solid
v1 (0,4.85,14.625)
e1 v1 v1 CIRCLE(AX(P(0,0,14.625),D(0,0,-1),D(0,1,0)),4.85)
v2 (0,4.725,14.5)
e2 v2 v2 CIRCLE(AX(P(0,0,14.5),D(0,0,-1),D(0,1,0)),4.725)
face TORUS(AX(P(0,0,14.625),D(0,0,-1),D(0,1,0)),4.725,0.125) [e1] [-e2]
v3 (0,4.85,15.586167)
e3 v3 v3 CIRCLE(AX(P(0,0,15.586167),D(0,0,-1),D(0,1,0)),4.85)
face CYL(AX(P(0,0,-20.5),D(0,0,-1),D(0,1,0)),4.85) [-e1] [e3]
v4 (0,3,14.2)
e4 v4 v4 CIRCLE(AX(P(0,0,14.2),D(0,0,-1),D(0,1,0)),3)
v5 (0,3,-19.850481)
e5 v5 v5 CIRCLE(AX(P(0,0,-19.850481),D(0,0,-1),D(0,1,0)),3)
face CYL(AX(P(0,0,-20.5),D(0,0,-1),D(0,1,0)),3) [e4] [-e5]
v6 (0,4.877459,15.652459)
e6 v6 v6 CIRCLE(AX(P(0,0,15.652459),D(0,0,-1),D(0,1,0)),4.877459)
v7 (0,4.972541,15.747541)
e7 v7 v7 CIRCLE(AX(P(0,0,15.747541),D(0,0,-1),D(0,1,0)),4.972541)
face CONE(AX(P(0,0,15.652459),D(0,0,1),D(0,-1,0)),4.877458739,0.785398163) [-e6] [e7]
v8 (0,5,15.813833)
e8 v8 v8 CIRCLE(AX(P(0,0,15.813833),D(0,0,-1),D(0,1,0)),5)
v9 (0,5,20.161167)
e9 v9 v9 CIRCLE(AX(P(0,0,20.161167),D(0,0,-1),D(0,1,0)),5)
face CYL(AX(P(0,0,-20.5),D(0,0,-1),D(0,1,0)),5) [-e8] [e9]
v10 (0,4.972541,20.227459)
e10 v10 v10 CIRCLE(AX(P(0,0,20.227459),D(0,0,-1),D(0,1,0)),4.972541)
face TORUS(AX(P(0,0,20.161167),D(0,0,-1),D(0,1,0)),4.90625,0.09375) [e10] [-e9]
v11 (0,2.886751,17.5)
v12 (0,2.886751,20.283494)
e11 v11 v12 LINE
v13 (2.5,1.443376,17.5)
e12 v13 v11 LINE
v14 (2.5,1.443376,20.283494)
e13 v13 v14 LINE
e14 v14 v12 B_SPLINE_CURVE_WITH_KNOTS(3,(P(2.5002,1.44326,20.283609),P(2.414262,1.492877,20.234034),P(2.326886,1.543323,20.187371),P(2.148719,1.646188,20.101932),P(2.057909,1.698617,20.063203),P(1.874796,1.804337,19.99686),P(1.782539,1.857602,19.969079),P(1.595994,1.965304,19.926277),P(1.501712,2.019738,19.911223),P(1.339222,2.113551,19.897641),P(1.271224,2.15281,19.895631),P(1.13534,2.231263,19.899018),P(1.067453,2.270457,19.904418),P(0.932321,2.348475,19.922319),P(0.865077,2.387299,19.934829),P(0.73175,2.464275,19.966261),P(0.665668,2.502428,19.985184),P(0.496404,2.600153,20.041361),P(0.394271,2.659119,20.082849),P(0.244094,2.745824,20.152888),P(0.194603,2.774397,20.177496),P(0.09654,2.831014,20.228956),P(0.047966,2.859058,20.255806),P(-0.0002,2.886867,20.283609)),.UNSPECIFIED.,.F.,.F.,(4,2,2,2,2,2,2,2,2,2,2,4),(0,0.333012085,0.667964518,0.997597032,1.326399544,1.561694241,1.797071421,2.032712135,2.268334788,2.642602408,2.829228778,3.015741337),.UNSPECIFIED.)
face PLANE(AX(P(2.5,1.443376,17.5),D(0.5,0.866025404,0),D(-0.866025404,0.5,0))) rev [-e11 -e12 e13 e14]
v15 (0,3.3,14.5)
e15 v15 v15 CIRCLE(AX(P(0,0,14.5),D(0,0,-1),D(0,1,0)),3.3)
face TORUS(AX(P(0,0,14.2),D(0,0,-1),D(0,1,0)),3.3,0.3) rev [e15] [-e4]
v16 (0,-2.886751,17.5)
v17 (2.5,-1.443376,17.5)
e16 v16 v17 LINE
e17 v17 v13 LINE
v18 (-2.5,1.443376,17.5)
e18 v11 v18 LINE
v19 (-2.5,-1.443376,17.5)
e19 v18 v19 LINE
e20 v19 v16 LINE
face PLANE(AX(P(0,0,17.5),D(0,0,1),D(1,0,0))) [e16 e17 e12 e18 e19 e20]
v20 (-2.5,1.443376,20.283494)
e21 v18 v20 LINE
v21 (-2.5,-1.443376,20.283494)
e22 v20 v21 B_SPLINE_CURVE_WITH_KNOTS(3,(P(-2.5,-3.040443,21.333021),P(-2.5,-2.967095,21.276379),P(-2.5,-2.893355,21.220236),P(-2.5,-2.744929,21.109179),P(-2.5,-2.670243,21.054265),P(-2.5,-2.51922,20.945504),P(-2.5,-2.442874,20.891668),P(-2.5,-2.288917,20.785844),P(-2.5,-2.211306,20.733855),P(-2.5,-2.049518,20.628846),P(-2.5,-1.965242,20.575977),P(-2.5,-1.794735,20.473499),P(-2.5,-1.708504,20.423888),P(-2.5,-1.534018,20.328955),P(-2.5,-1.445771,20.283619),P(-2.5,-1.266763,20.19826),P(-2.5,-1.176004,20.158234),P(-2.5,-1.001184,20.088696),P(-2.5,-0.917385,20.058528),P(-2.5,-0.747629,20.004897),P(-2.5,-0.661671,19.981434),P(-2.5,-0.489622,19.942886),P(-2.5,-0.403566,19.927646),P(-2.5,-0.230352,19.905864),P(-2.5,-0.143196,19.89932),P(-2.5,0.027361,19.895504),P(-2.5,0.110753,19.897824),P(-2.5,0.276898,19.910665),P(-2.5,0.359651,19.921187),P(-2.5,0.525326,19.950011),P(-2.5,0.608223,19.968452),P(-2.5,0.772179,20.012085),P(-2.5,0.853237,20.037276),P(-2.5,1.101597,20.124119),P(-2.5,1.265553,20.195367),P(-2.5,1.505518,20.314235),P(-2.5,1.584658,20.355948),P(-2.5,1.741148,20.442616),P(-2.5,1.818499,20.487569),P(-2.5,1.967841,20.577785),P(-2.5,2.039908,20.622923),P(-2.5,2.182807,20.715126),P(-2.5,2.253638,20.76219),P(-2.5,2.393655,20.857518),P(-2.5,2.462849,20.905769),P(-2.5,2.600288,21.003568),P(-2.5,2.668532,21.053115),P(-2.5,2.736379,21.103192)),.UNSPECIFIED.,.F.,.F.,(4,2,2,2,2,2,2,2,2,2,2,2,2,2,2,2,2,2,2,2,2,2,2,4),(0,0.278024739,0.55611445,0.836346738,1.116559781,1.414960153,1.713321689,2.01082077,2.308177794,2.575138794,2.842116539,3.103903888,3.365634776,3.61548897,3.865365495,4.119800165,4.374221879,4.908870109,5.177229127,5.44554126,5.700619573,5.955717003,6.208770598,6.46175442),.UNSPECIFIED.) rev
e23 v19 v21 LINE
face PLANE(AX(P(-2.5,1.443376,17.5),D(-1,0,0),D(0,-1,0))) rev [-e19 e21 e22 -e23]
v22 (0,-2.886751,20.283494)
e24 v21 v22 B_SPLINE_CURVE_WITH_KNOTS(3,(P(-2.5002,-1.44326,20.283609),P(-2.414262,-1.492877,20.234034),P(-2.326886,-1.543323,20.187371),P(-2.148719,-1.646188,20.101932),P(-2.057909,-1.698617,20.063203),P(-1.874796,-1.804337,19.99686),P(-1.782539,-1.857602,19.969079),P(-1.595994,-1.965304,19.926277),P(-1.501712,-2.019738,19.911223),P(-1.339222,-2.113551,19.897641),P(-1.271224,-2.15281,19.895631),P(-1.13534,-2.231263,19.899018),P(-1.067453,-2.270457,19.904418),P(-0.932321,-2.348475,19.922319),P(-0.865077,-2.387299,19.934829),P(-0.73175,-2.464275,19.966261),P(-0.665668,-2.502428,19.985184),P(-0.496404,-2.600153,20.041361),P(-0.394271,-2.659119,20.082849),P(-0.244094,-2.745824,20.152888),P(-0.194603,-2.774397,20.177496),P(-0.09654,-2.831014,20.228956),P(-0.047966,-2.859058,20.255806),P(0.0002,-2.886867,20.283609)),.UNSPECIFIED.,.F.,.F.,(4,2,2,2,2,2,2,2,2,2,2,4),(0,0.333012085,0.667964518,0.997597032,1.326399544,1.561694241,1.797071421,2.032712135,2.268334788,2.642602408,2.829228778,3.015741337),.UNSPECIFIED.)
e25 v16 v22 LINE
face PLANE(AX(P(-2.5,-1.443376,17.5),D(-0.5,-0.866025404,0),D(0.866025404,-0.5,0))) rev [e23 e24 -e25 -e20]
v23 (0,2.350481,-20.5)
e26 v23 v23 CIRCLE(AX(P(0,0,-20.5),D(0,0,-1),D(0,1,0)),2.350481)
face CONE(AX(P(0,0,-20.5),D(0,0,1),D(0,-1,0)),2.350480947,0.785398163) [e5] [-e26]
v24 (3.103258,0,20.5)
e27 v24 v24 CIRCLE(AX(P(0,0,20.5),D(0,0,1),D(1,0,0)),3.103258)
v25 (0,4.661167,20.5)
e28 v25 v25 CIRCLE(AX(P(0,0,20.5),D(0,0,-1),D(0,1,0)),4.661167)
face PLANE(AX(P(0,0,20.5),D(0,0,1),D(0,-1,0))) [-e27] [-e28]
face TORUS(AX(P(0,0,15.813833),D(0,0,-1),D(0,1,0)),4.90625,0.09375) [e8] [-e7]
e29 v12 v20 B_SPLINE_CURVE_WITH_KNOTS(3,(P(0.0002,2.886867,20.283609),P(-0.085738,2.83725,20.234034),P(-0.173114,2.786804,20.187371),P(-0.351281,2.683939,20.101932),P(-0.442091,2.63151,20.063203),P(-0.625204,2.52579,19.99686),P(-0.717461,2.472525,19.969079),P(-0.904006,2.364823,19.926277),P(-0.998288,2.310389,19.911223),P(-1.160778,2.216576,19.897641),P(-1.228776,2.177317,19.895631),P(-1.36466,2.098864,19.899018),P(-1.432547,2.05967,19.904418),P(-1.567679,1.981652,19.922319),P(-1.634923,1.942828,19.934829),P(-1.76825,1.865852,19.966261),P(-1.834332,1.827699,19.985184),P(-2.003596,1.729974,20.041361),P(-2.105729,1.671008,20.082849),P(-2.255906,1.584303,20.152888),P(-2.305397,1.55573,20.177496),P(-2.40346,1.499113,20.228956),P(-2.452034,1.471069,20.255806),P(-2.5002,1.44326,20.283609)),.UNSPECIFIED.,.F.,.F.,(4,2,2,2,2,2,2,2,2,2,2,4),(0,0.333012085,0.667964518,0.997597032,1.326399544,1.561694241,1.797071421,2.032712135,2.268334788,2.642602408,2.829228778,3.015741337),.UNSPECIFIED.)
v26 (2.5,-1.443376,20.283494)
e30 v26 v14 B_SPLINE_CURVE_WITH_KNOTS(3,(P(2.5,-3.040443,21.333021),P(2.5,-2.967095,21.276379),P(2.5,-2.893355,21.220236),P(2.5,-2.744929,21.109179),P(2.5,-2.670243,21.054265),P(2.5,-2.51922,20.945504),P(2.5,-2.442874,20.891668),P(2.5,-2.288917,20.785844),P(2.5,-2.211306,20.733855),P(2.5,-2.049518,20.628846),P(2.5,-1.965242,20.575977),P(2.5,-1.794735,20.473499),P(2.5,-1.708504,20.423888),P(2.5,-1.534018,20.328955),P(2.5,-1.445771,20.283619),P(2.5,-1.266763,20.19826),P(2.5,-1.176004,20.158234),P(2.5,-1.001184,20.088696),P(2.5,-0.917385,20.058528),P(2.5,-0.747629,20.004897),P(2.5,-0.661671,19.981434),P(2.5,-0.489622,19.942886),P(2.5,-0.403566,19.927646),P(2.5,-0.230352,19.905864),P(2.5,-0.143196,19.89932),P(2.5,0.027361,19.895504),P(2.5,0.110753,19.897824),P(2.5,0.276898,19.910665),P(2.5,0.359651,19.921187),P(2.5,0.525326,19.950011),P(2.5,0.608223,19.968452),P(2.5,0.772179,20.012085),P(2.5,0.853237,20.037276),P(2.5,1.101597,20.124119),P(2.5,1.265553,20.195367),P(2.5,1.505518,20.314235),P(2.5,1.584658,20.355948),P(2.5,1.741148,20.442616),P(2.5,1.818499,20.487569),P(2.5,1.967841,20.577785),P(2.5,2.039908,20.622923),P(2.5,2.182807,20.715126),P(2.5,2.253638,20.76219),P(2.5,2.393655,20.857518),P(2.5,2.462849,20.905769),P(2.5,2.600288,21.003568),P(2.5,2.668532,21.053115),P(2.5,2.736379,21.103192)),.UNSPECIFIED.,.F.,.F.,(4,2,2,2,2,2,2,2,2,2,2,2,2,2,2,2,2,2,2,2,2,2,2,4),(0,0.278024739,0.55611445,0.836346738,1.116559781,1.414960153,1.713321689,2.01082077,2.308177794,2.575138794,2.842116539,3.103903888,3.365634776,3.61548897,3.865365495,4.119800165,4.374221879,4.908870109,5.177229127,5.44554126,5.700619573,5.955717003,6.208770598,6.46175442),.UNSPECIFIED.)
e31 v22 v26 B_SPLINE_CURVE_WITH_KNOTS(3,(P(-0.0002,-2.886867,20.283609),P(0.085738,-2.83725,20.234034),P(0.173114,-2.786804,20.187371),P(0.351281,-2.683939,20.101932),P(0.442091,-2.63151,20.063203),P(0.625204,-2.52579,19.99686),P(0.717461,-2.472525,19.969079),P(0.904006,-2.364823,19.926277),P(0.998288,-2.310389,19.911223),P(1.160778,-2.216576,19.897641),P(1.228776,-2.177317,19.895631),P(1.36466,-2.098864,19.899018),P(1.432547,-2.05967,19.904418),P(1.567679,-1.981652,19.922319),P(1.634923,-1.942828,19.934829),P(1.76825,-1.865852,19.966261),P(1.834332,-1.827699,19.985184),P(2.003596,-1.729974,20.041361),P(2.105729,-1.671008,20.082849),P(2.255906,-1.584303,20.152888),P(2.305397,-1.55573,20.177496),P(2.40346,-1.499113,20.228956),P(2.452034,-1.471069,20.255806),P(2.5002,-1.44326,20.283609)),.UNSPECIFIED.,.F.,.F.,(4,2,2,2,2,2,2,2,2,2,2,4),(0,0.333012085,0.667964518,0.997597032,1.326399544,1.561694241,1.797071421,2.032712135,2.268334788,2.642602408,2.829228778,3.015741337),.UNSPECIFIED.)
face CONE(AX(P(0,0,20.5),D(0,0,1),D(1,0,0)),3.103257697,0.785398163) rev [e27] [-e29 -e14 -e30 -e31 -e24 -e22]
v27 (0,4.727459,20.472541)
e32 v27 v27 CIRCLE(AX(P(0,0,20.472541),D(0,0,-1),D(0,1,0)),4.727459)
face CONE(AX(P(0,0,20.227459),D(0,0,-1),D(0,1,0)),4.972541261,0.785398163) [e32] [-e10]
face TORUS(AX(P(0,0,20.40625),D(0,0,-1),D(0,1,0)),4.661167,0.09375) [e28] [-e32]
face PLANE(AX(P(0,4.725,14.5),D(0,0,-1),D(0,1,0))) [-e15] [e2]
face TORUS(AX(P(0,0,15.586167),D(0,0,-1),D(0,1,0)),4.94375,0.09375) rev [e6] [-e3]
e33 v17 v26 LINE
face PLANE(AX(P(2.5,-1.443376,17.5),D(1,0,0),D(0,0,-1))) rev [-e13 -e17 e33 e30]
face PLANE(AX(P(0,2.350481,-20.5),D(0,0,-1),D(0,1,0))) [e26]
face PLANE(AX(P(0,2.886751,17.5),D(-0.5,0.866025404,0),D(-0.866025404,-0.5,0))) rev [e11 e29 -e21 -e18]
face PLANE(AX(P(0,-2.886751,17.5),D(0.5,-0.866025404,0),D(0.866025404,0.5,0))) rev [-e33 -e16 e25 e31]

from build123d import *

# Parameters (mm, degrees)
CUT_EXTRUDE1_START = -3
CUT_EXTRUDE1_DEPTH = 3
SKETCH4_R          = 3.103257697
CUT_EXTRUDE2_DEPTH = 3
CUT_EXTRUDE2_TAPER = 45


with BuildPart() as part:
    # Sketch2 → Revolve1 (revolve)
    with BuildSketch(Plane(origin=(0, 0, 0), x_dir=(0, 0, -1), z_dir=(1, 0, 0))):
        with BuildLine():
            Line((-20.5, 0), (-20.5, 4.661167479))
            ThreePointArc((-20.5, 4.661167479), (-20.492863706, 4.69704405), (-20.472541261, 4.727458739))
            Line((-20.472541261, 4.727458739), (-20.227458739, 4.972541261))
            ThreePointArc((-20.227458739, 4.972541261), (-20.19704405, 4.992863706), (-20.161167479, 5))
            Line((-20.161167479, 5), (-15.813832521, 5))
            ThreePointArc((-15.813832521, 5), (-15.77795595, 4.992863706), (-15.747541261, 4.972541261))
            Line((-15.747541261, 4.972541261), (-15.652458739, 4.877458739))
            ThreePointArc((-15.652458739, 4.877458739), (-15.62204405, 4.857136294), (-15.586167479, 4.85))
            Line((-15.586167479, 4.85), (-14.625, 4.85))
            ThreePointArc((-14.625, 4.85), (-14.536611652, 4.813388348), (-14.5, 4.725))
            Line((-14.5, 4.725), (-14.5, 3.3))
            ThreePointArc((-14.5, 3.3), (-14.412132034, 3.087867966), (-14.2, 3))
            Line((-14.2, 3), (19.850480947, 3))
            Line((19.850480947, 3), (20.5, 2.350480947))
            Line((20.5, 2.350480947), (20.5, 0))
            Line((20.5, 0), (-20.5, 0))
        make_face()
    revolve(axis=Axis((0, 0, -20.5), (0, 0, 1)))

    # Sketch3 → Cut-Extrude1 (cut)
    with BuildSketch(Plane.XY.offset(20.5).offset(CUT_EXTRUDE1_START)):
        Polygon((2.5, -1.443375673), (2.5, 1.443375673), (0, 2.886751346), (-2.5, 1.443375673), (-2.5, -1.443375673), (0, -2.886751346), align=None)
    extrude(amount=CUT_EXTRUDE1_DEPTH, mode=Mode.SUBTRACT)

    # Sketch4 → Cut-Extrude2 (cut)
    with BuildSketch(Plane.XY.offset(20.5)):
        Circle(SKETCH4_R)
    extrude(amount=-CUT_EXTRUDE2_DEPTH, taper=CUT_EXTRUDE2_TAPER, mode=Mode.SUBTRACT)


solid = part.part
